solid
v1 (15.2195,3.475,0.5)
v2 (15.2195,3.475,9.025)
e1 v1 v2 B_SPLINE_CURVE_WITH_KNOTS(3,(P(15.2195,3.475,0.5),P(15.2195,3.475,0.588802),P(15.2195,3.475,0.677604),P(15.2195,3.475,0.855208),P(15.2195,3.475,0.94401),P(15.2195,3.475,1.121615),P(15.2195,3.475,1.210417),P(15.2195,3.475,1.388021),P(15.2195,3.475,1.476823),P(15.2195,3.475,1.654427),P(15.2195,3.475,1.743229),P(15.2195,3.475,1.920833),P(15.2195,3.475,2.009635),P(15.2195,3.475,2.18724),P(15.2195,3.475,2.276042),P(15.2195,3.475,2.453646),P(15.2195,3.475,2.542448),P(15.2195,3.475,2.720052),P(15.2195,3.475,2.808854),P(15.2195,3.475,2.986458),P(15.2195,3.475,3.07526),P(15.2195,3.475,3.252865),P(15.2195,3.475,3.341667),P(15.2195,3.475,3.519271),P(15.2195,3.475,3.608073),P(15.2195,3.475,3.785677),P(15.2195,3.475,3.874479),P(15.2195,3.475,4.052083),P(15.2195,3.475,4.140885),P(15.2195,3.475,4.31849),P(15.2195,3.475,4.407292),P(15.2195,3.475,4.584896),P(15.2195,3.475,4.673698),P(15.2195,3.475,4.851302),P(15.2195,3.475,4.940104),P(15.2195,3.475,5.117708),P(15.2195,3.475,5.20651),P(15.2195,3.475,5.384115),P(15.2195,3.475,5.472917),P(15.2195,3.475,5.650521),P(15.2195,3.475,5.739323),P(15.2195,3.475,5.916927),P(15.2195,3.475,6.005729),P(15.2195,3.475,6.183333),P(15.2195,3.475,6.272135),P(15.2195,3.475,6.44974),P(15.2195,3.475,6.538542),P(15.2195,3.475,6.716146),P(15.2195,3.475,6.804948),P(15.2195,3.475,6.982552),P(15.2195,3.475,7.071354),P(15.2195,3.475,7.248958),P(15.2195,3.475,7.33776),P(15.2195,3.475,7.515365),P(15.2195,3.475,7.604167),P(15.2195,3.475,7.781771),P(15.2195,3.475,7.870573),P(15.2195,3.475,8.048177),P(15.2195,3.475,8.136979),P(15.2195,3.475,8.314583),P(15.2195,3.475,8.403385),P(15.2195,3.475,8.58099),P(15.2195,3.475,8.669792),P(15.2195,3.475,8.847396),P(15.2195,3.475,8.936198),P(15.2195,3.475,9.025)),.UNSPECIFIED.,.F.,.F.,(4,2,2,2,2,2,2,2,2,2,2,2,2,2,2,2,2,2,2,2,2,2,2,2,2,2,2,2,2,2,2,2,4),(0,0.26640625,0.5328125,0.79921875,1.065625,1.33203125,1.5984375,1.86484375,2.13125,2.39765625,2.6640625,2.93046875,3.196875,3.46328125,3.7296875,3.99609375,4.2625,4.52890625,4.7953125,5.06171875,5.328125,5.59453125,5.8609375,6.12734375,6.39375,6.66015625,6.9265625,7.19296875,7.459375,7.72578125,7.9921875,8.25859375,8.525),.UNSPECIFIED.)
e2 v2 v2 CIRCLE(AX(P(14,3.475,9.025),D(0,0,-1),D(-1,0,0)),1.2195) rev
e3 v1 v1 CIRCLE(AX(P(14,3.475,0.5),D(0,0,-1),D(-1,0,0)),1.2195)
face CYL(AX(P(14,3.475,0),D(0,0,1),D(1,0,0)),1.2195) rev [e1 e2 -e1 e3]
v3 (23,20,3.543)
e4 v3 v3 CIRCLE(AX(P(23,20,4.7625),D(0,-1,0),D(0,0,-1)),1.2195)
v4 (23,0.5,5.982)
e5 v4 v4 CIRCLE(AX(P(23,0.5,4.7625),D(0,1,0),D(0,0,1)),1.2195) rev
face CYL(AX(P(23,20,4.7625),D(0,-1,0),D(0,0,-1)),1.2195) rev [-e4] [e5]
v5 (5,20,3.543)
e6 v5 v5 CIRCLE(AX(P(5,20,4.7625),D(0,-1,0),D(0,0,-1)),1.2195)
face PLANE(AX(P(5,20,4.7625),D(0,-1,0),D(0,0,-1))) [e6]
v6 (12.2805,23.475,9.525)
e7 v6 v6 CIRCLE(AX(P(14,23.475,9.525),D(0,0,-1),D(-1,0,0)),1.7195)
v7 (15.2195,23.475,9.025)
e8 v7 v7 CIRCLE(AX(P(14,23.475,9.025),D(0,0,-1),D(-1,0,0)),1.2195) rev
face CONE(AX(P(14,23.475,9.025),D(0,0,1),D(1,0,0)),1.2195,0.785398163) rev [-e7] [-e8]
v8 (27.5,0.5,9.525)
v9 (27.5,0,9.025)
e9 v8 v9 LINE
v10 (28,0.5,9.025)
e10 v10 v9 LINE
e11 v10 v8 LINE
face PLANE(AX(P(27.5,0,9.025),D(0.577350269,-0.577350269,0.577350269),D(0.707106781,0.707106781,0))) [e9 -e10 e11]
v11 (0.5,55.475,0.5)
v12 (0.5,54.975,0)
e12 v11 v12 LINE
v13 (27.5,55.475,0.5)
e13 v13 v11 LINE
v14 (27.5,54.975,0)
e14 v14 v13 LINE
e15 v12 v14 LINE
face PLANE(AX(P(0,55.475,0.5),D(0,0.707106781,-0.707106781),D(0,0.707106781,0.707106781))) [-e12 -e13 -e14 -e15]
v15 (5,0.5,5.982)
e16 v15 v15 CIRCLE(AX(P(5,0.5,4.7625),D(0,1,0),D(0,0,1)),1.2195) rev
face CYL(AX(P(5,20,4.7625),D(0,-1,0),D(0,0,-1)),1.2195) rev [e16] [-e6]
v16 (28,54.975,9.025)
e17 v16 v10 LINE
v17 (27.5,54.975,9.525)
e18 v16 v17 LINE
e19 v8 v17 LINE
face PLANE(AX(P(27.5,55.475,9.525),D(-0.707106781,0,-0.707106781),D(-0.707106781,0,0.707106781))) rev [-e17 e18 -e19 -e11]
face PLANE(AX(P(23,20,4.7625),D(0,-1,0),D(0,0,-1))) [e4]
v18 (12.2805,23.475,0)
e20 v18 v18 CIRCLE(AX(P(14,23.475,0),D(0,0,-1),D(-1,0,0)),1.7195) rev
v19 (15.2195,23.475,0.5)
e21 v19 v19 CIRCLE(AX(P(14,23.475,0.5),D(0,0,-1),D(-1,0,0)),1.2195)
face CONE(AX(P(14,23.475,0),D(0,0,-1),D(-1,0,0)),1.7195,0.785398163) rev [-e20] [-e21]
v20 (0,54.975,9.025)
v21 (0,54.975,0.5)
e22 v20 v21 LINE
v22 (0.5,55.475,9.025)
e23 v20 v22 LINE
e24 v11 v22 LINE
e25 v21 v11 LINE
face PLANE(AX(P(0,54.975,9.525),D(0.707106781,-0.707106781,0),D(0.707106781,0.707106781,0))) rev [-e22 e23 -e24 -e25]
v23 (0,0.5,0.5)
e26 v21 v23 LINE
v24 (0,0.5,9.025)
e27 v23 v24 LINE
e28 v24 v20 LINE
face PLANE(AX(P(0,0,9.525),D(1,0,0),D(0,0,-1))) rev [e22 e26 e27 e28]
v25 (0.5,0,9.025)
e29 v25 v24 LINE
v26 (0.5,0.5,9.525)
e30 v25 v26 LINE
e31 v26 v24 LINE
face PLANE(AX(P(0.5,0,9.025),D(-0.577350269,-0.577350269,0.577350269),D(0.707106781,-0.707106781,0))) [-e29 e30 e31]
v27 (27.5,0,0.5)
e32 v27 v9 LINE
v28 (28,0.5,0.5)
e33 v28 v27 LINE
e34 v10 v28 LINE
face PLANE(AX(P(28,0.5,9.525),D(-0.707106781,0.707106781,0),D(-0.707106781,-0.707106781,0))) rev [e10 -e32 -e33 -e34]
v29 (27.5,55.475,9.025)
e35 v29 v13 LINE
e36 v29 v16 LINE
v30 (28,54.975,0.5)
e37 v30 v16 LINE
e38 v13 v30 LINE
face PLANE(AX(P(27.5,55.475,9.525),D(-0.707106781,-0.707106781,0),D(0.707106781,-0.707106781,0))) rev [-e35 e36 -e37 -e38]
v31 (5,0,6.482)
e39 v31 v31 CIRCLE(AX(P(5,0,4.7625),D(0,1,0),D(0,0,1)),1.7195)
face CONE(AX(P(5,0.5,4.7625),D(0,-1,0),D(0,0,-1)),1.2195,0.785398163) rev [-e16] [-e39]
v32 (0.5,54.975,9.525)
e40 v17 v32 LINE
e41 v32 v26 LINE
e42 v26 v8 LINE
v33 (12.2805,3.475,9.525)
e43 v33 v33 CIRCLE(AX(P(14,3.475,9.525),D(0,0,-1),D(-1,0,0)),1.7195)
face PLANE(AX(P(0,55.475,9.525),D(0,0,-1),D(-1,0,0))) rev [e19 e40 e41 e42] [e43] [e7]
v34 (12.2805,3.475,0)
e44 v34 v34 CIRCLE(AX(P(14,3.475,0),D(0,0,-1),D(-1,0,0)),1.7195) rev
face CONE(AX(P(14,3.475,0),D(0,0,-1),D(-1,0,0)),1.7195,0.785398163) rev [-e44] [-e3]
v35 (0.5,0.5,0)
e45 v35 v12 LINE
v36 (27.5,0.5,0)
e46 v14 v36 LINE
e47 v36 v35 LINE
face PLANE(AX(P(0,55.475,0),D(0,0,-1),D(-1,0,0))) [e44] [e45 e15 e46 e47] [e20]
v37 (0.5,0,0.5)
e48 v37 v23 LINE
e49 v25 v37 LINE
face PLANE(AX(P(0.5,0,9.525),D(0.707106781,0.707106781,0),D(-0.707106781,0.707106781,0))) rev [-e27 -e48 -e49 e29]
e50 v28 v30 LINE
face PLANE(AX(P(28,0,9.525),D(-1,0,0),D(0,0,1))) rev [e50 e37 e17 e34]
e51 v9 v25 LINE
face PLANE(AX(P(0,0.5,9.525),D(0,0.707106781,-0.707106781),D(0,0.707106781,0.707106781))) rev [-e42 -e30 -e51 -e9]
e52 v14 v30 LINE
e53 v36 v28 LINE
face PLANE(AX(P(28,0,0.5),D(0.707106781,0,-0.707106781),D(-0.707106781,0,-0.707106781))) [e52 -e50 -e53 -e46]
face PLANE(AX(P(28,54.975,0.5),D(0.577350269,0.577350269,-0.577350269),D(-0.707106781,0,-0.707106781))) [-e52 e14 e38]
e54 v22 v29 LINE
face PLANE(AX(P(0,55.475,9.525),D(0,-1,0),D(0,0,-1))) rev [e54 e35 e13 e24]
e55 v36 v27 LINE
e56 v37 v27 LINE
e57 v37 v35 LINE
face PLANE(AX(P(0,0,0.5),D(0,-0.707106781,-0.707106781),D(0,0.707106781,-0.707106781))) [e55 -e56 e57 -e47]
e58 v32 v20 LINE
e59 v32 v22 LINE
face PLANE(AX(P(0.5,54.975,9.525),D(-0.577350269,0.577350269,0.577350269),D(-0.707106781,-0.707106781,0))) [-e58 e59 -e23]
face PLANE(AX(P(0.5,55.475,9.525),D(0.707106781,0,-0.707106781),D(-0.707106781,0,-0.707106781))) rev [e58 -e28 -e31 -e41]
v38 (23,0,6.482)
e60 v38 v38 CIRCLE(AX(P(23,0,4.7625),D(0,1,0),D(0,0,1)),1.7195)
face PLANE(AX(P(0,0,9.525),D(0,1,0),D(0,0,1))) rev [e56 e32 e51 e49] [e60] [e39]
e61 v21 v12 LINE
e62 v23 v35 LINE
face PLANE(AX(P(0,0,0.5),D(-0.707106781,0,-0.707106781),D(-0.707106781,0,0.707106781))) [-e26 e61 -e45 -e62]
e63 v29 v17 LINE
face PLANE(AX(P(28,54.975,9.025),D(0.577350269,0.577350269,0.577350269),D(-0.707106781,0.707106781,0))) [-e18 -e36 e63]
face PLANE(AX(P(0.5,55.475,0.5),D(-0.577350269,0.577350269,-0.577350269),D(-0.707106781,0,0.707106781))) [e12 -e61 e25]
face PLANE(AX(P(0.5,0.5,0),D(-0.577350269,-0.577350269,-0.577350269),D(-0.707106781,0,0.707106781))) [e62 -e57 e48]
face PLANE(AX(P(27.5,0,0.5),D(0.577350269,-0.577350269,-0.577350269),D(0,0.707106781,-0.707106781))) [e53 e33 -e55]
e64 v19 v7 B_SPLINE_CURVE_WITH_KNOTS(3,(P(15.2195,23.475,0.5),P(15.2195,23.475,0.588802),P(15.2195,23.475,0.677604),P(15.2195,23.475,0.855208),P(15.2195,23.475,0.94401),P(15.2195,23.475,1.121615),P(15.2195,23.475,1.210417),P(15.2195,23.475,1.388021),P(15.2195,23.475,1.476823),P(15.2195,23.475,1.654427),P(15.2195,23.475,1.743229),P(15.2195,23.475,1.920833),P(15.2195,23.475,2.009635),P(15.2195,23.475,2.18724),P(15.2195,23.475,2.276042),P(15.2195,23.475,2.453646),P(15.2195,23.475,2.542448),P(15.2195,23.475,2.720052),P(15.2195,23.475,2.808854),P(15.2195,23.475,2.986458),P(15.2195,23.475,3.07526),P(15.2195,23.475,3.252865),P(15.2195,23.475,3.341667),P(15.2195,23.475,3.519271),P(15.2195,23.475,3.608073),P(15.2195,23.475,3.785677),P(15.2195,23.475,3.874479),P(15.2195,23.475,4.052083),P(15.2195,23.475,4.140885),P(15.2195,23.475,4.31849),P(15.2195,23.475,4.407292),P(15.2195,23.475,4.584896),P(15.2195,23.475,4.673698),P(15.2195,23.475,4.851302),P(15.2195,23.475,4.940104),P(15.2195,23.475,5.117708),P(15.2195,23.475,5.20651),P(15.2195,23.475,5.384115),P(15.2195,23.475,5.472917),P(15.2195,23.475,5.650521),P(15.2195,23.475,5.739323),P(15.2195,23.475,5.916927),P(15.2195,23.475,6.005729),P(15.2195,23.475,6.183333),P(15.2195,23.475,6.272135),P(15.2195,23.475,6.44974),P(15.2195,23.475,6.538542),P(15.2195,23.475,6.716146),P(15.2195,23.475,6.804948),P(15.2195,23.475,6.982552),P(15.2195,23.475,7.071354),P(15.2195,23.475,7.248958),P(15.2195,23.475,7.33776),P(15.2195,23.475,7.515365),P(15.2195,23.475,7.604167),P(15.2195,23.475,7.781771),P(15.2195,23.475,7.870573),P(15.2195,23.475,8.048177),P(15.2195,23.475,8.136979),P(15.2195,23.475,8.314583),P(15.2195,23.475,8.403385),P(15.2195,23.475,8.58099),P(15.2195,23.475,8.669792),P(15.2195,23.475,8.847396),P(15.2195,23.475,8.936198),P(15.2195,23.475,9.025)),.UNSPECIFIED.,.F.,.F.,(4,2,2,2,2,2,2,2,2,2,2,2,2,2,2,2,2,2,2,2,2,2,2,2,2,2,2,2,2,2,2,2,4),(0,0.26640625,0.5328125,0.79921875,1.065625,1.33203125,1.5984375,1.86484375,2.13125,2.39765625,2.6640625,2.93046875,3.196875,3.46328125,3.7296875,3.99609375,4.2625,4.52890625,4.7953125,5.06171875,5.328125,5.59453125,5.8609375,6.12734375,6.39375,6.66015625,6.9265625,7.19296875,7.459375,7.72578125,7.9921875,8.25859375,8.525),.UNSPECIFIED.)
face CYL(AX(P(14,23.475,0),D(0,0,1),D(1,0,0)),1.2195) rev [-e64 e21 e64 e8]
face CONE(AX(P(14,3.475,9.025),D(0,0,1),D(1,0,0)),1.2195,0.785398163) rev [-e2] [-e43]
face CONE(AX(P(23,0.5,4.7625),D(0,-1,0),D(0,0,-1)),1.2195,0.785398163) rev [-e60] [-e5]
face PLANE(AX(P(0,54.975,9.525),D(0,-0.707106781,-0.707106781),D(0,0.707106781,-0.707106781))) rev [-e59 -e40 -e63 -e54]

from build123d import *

# Parameters (mm, degrees)
SKETCH1_W           = 28
SKETCH1_H           = 55.475
BOSS_EXTRUDE1_DEPTH = 9.525
SKETCH2_R           = 1.2195
CUT_EXTRUDE1_DEPTH  = 20
SKETCH3_R           = 1.2195
CUT_EXTRUDE2_DEPTH  = 63.866535215
CHAMFER1_SIZE       = 0.5
CHAMFER2_SIZE       = 0.5


with BuildPart() as part:
    # Sketch1 → Boss-Extrude1 (new body)
    with BuildSketch(Plane.XY):
        with Locations((14, 27.7375)):
            Rectangle(SKETCH1_W, SKETCH1_H)
    extrude(amount=BOSS_EXTRUDE1_DEPTH)

    # Sketch2 → Cut-Extrude1 (cut)
    with BuildSketch(Plane.XZ):
        with Locations(Location((5, 4.7625, 0), (0, 0, 270))):
            Circle(SKETCH2_R)
        with Locations(Location((23, 4.7625, 0), (0, 0, 270))):
            Circle(SKETCH2_R)
    extrude(amount=-CUT_EXTRUDE1_DEPTH, mode=Mode.SUBTRACT)

    # Sketch3 → Cut-Extrude2 (cut, through all)
    with BuildSketch(Plane.XY.offset(9.525)):
        with Locations((14, 23.475)):
            Circle(SKETCH3_R)
        with Locations((14, 3.475)):
            Circle(SKETCH3_R)
    extrude(amount=-CUT_EXTRUDE2_DEPTH, mode=Mode.SUBTRACT)

    # Chamfer1
    chamfer1_edges = [part.edges().sort_by_distance(p)[0] for p in [
        (28, 27.7375, 9.525),
        (14, 55.475, 9.525),
        (0, 27.7375, 9.525),
        (14, 55.475, 0),
        (28, 27.7375, 0),
        (14, 0, 0),
        (0, 27.7375, 0),
        (14, 0, 9.525),
        (0, 55.475, 4.7625),
        (28, 55.475, 4.7625),
        (28, 0, 4.7625),
        (0, 0, 4.7625),
    ]]
    chamfer(chamfer1_edges, length=CHAMFER1_SIZE)

    # Chamfer2
    chamfer2_edges = [part.edges().sort_by_distance(p)[0] for p in [
        (5, 0, 5.982),
        (23, 0, 5.982),
        (12.7805, 23.475, 0),
        (12.7805, 23.475, 9.525),
        (12.7805, 3.475, 0),
        (12.7805, 3.475, 9.525),
    ]]
    chamfer(chamfer2_edges, length=CHAMFER2_SIZE)


solid = part.part
